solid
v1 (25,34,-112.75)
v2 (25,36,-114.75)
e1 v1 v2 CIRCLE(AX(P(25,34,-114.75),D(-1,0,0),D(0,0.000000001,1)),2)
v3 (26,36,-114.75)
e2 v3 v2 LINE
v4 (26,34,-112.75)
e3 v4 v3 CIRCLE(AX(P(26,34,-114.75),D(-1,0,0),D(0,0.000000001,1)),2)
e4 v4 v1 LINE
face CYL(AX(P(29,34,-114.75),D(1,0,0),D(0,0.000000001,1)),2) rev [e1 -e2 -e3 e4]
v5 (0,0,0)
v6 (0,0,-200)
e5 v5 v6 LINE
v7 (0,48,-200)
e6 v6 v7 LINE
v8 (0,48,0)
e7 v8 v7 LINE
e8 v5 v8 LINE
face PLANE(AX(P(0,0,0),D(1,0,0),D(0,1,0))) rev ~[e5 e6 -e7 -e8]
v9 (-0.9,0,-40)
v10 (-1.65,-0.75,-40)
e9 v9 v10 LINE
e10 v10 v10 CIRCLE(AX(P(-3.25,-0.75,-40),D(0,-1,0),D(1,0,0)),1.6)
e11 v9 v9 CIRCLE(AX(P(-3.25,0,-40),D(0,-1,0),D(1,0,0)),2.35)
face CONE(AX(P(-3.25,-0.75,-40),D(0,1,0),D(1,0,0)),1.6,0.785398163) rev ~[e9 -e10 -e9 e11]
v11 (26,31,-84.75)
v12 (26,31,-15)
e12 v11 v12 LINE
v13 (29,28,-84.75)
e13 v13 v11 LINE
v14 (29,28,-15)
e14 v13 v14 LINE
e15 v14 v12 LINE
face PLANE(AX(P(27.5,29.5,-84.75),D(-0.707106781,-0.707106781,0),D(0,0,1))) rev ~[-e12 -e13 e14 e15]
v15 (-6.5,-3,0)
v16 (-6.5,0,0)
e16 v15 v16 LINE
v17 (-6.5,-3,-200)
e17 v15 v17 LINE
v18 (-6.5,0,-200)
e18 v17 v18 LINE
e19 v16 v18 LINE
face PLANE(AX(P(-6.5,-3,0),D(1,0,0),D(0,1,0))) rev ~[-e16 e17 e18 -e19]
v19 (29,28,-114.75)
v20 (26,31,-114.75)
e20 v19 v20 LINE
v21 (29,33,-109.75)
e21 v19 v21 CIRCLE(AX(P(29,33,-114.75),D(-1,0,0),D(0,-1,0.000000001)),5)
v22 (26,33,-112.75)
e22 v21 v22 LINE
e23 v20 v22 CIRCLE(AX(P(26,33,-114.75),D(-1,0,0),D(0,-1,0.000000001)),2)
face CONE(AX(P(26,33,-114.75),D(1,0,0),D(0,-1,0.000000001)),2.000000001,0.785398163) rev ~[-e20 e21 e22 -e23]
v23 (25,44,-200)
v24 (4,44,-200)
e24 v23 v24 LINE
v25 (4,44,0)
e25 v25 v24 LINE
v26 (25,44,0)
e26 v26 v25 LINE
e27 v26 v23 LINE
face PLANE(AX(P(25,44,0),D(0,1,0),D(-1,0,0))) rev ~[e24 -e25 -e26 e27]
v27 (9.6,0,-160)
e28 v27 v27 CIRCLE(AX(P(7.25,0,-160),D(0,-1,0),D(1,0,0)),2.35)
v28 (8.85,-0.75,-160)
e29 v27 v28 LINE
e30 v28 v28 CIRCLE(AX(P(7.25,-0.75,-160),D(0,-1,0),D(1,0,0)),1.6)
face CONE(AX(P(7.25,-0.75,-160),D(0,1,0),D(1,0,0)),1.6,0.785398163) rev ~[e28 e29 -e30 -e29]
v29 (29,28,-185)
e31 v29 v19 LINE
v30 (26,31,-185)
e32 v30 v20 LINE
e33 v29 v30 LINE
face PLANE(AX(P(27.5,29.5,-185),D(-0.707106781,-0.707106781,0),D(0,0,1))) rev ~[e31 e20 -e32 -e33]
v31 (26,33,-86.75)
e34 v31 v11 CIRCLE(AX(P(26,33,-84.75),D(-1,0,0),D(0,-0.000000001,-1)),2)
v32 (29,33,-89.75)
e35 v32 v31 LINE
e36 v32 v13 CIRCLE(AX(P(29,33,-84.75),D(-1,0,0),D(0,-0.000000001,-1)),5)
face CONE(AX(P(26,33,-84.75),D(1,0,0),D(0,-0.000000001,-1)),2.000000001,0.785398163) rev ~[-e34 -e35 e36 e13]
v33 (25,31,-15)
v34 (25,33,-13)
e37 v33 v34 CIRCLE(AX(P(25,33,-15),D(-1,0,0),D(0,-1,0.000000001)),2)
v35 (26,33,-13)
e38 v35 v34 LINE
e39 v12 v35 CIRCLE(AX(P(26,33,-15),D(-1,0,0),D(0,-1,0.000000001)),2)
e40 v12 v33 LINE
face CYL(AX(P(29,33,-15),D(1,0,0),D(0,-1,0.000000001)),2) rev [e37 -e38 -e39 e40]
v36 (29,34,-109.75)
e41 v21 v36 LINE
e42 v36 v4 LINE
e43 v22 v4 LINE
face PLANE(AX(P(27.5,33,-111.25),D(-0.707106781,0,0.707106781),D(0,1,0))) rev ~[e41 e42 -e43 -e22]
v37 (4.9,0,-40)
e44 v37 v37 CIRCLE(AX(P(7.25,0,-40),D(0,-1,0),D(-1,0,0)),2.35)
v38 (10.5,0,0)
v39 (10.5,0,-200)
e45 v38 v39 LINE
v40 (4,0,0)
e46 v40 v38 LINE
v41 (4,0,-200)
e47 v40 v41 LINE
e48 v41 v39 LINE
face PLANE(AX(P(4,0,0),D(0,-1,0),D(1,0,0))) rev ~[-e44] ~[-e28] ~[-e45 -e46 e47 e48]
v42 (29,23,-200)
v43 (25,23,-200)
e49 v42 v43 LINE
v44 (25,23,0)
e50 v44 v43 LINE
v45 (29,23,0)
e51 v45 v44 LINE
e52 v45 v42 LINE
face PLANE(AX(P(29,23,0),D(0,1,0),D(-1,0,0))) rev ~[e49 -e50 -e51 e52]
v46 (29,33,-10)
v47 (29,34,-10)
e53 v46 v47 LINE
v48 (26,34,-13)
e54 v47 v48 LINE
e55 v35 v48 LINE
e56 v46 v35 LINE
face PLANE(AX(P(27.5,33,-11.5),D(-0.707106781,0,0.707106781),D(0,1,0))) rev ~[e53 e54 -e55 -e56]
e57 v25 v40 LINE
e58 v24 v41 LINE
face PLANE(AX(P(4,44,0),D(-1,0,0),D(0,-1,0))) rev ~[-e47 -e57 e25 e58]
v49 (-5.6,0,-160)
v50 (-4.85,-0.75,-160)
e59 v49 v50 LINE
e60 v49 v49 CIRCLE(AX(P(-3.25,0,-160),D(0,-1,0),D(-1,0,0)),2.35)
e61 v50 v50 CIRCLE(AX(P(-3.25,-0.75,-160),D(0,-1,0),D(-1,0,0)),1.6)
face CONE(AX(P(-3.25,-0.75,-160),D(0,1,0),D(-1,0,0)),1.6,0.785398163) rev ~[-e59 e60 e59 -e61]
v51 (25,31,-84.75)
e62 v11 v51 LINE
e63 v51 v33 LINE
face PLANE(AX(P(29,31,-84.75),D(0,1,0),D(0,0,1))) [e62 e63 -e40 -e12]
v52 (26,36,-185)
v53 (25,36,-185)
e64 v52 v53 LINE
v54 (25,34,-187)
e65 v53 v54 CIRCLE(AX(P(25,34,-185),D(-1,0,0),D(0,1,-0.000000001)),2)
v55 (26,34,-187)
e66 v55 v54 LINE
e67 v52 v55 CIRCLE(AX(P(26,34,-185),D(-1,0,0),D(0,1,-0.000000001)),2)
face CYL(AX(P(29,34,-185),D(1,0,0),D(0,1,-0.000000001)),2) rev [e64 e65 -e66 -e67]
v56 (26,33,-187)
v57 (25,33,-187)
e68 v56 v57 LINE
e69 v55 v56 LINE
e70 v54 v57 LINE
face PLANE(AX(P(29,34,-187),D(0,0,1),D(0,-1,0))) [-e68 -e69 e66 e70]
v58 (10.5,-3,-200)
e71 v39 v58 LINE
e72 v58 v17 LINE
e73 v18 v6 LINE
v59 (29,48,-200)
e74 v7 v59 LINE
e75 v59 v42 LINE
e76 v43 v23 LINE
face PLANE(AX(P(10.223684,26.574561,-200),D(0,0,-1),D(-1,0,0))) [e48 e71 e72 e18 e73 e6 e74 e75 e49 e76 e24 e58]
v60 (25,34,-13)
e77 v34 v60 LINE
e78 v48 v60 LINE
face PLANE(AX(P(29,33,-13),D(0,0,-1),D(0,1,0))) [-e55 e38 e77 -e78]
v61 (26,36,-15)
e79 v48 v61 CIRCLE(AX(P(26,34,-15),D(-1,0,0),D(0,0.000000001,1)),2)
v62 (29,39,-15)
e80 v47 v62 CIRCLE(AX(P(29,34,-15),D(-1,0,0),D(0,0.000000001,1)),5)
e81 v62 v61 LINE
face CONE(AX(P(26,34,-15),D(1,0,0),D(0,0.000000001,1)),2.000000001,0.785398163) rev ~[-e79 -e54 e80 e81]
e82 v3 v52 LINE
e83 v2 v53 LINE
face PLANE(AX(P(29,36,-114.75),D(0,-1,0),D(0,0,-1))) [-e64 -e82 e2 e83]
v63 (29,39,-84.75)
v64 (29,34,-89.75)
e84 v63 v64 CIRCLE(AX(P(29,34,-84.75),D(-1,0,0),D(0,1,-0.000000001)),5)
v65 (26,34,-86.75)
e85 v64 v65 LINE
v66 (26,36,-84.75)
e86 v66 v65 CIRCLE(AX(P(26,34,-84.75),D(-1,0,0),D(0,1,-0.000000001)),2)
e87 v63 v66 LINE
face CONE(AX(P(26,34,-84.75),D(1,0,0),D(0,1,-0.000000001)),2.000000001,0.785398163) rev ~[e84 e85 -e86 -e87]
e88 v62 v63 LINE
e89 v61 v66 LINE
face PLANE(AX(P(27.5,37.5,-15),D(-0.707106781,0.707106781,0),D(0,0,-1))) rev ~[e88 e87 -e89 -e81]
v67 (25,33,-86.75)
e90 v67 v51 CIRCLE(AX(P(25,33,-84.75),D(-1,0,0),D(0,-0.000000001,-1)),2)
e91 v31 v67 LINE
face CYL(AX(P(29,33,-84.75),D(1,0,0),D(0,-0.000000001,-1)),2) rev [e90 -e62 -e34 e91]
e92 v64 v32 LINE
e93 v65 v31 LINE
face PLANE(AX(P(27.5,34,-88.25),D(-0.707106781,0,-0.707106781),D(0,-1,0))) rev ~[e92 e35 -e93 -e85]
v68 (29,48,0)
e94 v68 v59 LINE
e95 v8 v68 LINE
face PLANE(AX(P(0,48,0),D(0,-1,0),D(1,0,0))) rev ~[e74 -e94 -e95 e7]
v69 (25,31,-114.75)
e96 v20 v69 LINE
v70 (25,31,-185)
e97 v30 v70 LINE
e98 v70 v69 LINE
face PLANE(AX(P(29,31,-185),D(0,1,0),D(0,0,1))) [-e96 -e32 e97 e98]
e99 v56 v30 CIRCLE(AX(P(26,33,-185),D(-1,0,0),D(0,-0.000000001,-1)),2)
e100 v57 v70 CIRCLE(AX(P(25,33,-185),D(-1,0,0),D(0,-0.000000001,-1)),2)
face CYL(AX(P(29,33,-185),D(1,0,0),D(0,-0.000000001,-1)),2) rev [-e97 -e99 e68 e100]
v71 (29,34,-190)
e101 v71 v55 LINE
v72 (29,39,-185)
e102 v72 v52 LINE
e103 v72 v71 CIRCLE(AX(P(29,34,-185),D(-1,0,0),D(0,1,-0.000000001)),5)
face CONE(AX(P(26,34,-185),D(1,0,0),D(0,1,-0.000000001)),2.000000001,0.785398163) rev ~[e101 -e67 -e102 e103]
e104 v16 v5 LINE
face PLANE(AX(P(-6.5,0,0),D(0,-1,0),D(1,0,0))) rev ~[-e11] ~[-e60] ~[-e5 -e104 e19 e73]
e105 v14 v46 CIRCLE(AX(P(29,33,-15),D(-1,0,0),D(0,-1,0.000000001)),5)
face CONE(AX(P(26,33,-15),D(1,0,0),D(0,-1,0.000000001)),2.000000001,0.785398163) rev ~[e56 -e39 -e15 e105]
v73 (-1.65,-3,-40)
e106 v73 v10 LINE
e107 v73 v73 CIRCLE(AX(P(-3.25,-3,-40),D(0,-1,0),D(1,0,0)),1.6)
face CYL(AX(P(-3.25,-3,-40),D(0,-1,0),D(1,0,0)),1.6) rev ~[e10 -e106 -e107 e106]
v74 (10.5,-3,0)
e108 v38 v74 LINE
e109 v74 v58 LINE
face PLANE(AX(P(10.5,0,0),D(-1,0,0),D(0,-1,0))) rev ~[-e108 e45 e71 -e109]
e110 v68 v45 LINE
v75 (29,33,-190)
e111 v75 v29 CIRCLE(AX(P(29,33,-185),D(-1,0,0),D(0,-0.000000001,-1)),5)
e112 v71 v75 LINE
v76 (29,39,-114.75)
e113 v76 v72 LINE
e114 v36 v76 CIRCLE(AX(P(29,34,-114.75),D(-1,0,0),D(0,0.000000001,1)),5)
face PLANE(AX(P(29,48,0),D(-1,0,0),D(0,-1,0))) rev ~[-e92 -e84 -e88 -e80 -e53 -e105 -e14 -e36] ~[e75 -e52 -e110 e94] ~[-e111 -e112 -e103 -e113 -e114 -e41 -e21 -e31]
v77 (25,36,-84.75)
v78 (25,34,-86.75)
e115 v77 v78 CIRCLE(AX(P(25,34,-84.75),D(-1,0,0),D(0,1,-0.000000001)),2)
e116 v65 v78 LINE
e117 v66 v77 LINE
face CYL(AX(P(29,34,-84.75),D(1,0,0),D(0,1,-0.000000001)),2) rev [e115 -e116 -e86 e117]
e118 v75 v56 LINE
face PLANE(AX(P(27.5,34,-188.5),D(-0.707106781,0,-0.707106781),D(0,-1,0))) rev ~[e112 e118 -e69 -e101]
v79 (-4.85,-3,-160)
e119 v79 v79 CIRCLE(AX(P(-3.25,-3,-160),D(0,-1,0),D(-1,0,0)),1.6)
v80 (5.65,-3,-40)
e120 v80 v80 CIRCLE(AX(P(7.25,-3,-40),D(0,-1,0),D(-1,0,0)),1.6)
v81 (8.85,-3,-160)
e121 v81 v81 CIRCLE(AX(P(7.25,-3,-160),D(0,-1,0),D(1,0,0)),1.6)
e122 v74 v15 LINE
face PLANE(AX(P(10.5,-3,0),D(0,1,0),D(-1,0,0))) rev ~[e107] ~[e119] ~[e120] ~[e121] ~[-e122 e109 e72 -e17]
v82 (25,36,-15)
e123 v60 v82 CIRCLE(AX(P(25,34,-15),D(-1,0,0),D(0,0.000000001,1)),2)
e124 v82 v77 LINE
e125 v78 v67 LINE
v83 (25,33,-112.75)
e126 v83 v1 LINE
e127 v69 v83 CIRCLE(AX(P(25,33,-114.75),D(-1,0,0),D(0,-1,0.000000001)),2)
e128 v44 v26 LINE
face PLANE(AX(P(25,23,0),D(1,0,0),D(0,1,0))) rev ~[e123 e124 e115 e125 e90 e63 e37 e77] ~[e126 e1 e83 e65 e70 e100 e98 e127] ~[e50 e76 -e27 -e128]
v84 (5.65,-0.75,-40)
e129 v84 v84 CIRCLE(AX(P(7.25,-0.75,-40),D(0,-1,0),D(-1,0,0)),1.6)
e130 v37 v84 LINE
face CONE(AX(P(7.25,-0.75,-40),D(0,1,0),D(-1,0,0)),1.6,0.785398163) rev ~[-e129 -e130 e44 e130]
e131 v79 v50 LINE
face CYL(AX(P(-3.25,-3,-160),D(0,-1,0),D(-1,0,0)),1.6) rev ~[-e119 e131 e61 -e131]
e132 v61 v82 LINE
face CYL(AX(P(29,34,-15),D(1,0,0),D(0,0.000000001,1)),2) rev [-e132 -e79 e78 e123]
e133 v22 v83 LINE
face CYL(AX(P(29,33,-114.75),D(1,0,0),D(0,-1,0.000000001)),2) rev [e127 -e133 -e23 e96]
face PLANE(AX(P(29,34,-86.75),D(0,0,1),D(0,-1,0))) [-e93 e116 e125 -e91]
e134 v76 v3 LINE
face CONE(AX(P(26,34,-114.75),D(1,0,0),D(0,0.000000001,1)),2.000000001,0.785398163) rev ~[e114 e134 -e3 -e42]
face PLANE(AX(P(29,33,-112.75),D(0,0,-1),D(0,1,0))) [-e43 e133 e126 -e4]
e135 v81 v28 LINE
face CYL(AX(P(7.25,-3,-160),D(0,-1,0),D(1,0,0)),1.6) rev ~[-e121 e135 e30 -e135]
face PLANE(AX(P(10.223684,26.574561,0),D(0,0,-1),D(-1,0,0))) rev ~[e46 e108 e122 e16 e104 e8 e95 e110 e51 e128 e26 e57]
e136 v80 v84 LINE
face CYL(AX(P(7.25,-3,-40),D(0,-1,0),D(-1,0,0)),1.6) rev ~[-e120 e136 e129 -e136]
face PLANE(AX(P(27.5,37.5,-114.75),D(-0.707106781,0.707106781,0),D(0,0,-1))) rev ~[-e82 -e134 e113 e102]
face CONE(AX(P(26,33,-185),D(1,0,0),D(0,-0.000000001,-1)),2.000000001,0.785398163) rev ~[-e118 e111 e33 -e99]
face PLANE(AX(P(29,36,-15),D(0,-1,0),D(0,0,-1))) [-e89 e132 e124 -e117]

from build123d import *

# Parameters (mm, degrees)
BOSS_EXTRUDE1_DEPTH = 200
CUT_EXTRUDE1_DEPTH  = 4
CHAMFER1_SIZE       = 3
SKETCH3_R           = 1.6
CUT_EXTRUDE2_DEPTH  = 3
CHAMFER2_SIZE       = 0.75


with BuildPart() as part:
    # Sketch1 → Boss-Extrude1 (new body)
    with BuildSketch(Plane.XY):
        Polygon((0, 0), (0, 48), (29, 48), (29, 23), (25, 23), (25, 44), (4, 44), (4, 0), (10.5, 0), (10.5, -3), (-6.5, -3), (-6.5, 0), align=None)
    extrude(amount=-BOSS_EXTRUDE1_DEPTH)

    # Sketch2 → Cut-Extrude1 (cut)
    with BuildSketch(Plane(origin=(29, 0, 0), x_dir=(0, 0, -1), z_dir=(1, 0, 0))):
        with BuildLine():
            Line((15, 36), (84.75, 36))
            ThreePointArc((84.75, 36), (86.164213562, 35.414213562), (86.75, 34))
            Line((86.75, 34), (86.75, 33))
            ThreePointArc((86.75, 33), (86.164213562, 31.585786438), (84.75, 31))
            Line((84.75, 31), (15, 31))
            ThreePointArc((15, 31), (13.585786438, 31.585786438), (13, 33))
            Line((13, 33), (13, 34))
            ThreePointArc((13, 34), (13.585786438, 35.414213562), (15, 36))
        make_face()
        with BuildLine():
            Line((114.75, 36), (185, 36))
            ThreePointArc((185, 36), (186.414213562, 35.414213562), (187, 34))
            Line((187, 34), (187, 33))
            ThreePointArc((187, 33), (186.414213562, 31.585786438), (185, 31))
            Line((185, 31), (114.75, 31))
            ThreePointArc((114.75, 31), (113.335786438, 31.585786438), (112.75, 33))
            Line((112.75, 33), (112.75, 34))
            ThreePointArc((112.75, 34), (113.335786438, 35.414213562), (114.75, 36))
        make_face()
    extrude(amount=-CUT_EXTRUDE1_DEPTH, mode=Mode.SUBTRACT)

    # Chamfer1
    chamfer1_edges = [part.edges().sort_by_distance(p)[0] for p in [
        (29, 31.585786438, -186.414213562),
        (29, 33.5, -187),
        (29, 35.414213562, -186.414213562),
        (29, 36, -149.875),
        (29, 35.414213562, -113.335786438),
        (29, 33.5, -112.75),
        (29, 31.585786438, -113.335786438),
        (29, 31, -149.875),
        (29, 31.585786438, -86.164213562),
        (29, 33.5, -86.75),
        (29, 35.414213562, -86.164213562),
        (29, 36, -49.875),
        (29, 35.414213562, -13.585786438),
        (29, 33.5, -13),
        (29, 31.585786438, -13.585786438),
        (29, 31, -49.875),
    ]]
    chamfer(chamfer1_edges, length=CHAMFER1_SIZE)

    # Sketch3 → Cut-Extrude2 (cut)
    with BuildSketch(Plane.XZ.offset(3)):
        with Locations((-3.25, -40)):
            Circle(SKETCH3_R)
        with Locations(Location((-3.25, -160, 0), (0, 0, 180))):
            Circle(SKETCH3_R)
        with Locations((7.25, -160)):
            Circle(SKETCH3_R)
        with Locations(Location((7.25, -40, 0), (0, 0, 180))):
            Circle(SKETCH3_R)
    extrude(amount=-CUT_EXTRUDE2_DEPTH, mode=Mode.SUBTRACT)

    # Chamfer2
    chamfer2_edges = [part.edges().sort_by_distance(p)[0] for p in [
        (8.85, 0, -40),
        (5.65, 0, -160),
        (-1.65, 0, -160),
        (-4.85, 0, -40),
    ]]
    chamfer(chamfer2_edges, length=CHAMFER2_SIZE)


solid = part.part
